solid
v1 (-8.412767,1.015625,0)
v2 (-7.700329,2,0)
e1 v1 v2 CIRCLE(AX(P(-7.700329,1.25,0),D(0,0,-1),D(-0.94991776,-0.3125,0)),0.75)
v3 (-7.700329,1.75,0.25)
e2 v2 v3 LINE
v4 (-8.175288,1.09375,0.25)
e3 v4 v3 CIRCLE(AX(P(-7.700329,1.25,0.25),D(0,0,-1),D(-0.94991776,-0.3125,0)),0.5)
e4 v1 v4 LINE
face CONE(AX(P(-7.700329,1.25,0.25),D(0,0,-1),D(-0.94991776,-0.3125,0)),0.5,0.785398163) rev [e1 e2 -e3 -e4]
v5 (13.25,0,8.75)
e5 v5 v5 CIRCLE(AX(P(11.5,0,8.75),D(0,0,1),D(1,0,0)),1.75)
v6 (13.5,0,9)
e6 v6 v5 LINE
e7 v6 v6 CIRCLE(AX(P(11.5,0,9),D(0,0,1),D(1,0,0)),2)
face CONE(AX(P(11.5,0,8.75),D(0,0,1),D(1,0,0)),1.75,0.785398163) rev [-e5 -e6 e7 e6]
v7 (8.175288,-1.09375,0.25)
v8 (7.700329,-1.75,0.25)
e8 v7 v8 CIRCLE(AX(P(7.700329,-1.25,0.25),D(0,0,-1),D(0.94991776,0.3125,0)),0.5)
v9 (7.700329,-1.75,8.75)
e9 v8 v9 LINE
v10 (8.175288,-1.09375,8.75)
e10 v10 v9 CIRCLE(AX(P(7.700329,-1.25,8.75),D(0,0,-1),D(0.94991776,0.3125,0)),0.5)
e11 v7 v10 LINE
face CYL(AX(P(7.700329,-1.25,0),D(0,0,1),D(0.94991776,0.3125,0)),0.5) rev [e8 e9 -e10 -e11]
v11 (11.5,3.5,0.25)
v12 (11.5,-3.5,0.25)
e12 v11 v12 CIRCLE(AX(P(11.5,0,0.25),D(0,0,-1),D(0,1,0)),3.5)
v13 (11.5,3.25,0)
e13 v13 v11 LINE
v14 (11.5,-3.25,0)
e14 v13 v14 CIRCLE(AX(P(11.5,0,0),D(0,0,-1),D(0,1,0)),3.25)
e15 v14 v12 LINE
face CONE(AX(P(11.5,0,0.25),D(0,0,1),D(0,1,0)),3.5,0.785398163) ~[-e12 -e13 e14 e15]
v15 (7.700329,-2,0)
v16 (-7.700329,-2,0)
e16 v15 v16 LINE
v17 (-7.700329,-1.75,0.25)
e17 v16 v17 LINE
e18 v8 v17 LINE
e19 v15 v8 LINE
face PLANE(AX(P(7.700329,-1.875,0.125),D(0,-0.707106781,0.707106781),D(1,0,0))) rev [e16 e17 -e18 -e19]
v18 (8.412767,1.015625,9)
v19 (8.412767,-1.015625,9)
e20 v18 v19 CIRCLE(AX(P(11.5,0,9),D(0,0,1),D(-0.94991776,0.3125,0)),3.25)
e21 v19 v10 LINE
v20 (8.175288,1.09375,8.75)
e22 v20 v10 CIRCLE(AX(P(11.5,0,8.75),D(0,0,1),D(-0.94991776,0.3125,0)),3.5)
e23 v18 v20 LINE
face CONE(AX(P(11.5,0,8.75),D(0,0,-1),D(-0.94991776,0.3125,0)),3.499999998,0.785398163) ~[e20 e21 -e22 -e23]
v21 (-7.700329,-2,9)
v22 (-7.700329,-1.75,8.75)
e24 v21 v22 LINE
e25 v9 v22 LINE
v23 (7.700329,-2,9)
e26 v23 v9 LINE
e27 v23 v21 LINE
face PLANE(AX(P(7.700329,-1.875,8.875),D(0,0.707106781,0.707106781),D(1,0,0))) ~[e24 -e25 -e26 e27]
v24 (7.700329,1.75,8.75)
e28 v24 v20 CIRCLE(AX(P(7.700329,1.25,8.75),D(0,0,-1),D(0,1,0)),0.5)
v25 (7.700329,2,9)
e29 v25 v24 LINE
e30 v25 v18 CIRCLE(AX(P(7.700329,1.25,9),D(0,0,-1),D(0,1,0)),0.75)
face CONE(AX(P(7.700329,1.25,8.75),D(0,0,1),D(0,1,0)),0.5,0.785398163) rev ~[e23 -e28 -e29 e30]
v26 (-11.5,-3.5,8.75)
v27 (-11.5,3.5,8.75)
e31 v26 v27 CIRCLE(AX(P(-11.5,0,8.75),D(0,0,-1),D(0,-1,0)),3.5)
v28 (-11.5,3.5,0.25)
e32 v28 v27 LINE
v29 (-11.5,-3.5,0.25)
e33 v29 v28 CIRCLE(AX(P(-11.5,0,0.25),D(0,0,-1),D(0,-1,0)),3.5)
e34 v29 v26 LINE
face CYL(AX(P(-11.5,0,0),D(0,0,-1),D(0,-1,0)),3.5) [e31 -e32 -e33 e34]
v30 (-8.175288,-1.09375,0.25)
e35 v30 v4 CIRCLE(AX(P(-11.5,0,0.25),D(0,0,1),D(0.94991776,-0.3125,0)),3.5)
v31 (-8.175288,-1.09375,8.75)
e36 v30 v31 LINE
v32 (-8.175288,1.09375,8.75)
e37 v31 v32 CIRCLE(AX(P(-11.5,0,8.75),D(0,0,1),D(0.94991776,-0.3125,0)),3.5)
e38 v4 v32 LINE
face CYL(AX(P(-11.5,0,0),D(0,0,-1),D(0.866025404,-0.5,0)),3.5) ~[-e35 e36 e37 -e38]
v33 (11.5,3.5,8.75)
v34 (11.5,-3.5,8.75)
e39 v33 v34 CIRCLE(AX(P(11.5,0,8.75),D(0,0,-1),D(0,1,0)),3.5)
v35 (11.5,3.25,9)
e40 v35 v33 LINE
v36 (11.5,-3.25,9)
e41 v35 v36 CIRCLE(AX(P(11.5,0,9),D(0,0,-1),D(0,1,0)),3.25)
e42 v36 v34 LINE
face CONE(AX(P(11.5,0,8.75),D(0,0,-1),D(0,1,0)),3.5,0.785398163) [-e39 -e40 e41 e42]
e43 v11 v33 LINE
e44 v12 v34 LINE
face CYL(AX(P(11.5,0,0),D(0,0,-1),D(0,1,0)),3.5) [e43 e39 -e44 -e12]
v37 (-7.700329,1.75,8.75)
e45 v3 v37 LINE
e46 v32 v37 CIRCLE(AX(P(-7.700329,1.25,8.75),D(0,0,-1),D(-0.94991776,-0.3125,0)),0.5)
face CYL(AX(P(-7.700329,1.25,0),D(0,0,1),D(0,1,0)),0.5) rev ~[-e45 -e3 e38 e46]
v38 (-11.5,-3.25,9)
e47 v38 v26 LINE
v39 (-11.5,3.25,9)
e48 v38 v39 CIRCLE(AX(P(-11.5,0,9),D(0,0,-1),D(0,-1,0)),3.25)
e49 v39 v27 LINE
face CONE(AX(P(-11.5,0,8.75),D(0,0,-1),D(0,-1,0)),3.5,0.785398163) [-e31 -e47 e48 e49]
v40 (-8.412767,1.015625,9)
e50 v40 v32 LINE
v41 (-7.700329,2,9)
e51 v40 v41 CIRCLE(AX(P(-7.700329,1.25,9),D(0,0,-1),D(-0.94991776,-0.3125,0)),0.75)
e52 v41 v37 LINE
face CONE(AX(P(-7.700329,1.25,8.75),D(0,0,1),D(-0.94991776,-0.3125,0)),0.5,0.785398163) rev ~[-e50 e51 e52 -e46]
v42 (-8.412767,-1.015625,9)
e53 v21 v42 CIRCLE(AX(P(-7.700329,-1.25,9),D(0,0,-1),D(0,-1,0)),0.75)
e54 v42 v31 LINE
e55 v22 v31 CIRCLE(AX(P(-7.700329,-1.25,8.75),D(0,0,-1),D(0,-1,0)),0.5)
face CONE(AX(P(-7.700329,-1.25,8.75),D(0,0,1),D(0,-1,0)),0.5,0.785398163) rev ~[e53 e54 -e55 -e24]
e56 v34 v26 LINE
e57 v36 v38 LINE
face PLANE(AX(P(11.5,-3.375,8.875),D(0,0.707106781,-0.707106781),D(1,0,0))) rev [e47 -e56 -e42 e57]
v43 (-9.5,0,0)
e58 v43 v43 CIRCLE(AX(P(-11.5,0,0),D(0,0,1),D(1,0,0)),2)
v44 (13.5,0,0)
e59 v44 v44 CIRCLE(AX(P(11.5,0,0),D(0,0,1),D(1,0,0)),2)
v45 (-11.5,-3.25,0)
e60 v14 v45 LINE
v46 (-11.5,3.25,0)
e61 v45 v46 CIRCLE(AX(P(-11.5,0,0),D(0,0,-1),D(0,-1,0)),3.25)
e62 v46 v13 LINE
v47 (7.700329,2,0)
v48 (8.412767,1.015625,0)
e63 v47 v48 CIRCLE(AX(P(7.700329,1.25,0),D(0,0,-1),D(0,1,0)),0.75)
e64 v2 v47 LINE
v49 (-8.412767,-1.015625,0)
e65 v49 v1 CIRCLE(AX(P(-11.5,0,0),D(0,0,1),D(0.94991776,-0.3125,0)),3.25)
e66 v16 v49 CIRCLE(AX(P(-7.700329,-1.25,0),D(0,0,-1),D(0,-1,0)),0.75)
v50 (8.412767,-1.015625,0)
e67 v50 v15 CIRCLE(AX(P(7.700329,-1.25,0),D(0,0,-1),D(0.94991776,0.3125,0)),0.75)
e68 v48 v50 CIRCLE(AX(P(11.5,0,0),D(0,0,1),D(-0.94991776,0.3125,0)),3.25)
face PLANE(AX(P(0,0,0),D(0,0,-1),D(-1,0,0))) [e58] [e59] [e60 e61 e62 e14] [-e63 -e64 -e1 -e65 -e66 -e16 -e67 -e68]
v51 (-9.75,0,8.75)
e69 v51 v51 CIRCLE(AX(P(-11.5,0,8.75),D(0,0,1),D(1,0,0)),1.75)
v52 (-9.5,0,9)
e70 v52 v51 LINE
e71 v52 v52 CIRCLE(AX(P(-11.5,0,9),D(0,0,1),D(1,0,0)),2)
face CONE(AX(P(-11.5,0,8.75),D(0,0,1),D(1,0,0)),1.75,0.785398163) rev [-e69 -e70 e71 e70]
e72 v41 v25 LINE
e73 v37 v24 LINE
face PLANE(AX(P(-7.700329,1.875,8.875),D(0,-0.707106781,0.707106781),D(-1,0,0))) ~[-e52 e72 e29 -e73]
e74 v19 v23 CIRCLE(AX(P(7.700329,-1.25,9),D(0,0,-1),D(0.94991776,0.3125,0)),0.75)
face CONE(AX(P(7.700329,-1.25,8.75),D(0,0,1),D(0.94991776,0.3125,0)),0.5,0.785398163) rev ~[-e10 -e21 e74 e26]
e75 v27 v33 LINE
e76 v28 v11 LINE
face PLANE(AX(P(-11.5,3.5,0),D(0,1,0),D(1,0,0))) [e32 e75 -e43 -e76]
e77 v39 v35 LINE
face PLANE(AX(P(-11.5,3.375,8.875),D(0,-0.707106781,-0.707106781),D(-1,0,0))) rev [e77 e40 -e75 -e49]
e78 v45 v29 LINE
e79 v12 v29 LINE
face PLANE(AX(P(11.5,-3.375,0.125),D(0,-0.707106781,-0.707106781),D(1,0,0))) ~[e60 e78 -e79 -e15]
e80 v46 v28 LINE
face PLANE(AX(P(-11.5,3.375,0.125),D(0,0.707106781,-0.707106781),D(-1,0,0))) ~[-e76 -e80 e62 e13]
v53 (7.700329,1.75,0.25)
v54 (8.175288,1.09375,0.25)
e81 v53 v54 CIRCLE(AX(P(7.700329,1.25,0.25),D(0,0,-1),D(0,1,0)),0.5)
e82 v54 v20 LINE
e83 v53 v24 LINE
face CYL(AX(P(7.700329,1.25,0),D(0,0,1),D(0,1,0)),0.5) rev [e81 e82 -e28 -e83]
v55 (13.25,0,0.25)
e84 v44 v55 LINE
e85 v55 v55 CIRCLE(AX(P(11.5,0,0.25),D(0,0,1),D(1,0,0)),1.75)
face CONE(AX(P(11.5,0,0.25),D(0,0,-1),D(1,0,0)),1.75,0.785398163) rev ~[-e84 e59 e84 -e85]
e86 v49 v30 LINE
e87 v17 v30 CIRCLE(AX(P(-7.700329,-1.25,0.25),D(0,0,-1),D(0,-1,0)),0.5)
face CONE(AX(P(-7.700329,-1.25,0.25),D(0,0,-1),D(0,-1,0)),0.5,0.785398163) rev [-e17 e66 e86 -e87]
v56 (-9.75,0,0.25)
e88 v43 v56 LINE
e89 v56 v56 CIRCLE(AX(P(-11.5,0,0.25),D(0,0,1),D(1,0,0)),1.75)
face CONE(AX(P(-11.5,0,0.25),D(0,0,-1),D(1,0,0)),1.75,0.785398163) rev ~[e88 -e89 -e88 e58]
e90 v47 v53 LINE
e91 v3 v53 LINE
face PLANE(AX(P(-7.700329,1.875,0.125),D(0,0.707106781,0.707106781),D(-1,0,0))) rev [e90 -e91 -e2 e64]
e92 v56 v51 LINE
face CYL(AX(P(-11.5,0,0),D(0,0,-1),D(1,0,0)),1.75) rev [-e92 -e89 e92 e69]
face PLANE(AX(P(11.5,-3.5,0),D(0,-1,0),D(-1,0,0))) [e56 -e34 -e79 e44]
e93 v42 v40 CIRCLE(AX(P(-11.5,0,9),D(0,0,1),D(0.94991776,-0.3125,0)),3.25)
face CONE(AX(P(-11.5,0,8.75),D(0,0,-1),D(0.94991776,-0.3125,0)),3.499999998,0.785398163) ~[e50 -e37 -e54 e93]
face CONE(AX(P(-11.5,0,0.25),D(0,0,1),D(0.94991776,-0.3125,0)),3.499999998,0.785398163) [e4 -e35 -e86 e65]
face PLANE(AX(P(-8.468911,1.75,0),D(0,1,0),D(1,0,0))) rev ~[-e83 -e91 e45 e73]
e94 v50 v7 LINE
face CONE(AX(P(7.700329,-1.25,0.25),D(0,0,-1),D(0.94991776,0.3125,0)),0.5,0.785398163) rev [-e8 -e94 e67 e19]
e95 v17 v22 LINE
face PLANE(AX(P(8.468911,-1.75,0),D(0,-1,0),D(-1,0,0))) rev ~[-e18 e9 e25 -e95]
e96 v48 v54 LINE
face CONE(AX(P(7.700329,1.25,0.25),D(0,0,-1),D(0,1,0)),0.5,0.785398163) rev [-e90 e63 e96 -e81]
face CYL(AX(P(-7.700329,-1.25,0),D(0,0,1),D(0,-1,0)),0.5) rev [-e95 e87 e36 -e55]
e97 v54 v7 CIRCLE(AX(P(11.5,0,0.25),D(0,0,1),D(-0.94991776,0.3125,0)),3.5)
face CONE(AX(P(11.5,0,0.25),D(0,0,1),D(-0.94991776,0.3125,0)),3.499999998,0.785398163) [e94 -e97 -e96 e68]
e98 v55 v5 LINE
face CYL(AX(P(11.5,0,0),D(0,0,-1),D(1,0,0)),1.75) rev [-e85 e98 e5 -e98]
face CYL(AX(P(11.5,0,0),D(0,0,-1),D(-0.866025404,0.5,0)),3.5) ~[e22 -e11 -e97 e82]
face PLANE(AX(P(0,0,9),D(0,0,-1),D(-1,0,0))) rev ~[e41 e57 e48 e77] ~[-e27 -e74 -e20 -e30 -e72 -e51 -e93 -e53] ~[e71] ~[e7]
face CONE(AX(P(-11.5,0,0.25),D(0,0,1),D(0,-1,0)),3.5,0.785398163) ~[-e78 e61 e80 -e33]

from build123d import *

# Parameters (mm, degrees)
SKETCH1_R           = 1.75
BOSS_EXTRUDE1_DEPTH = 9
FILLET1_R           = 0.5
CHAMFER2_SIZE       = 0.25


with BuildPart() as part:
    # Sketch1 → Boss-Extrude1 (new body)
    with BuildSketch(Plane.XY):
        with BuildLine():
            Line((-11.5, 3.5), (11.5, 3.5))
            ThreePointArc((11.5, 3.5), (15, 0), (11.5, -3.5))
            Line((11.5, -3.5), (-11.5, -3.5))
            ThreePointArc((-11.5, -3.5), (-15, 0), (-11.5, 3.5))
        make_face()
        with Locations((-11.5, 0)):
            Circle(SKETCH1_R, mode=Mode.SUBTRACT)
        with Locations((11.5, 0)):
            Circle(SKETCH1_R, mode=Mode.SUBTRACT)
        with BuildLine():
            Line((-8.468911087, 1.75), (8.468911087, 1.75))
            ThreePointArc((8.468911087, 1.75), (8, 0), (8.468911087, -1.75))
            Line((8.468911087, -1.75), (-8.468911087, -1.75))
            ThreePointArc((-8.468911087, -1.75), (-8, 0), (-8.468911087, 1.75))
        make_face(mode=Mode.SUBTRACT)
    extrude(amount=BOSS_EXTRUDE1_DEPTH)

    # Fillet1
    fillet1_edges = [part.edges().sort_by_distance(p)[0] for p in [
        (-8.468911087, 1.75, 4.5),
        (-8.468911087, -1.75, 4.5),
        (8.468911087, -1.75, 4.5),
        (8.468911087, 1.75, 4.5),
    ]]
    fillet(fillet1_edges, radius=FILLET1_R)

    # Chamfer2
    chamfer2_edges = [part.edges().sort_by_distance(p)[0] for p in [
        (9.75, 0, 0),
        (9.75, 0, 9),
        (15, 0, 9),
        (-13.25, 0, 0),
        (-13.25, 0, 9),
        (0, 3.5, 9),
        (0, -1.75, 0),
        (0, -1.75, 9),
        (8, 0, 0),
        (8, 0, 9),
        (0, 1.75, 0),
        (0, 1.75, 9),
        (-8, 0, 0),
        (-8, 0, 9),
        (8.105375255, -1.543150985, 0),
        (8.105375255, -1.543150985, 9),
        (8.105375255, 1.543150985, 0),
        (8.105375255, 1.543150985, 9),
        (-8.105375255, 1.543150985, 0),
        (-8.105375255, 1.543150985, 9),
        (-8.105375255, -1.543150985, 0),
        (-8.105375255, -1.543150985, 9),
        (-15, 0, 9),
        (0, 3.5, 0),
        (15, 0, 0),
        (0, -3.5, 0),
        (-15, 0, 0),
        (0, -3.5, 9),
    ]]
    chamfer(chamfer2_edges, length=CHAMFER2_SIZE)


solid = part.part
